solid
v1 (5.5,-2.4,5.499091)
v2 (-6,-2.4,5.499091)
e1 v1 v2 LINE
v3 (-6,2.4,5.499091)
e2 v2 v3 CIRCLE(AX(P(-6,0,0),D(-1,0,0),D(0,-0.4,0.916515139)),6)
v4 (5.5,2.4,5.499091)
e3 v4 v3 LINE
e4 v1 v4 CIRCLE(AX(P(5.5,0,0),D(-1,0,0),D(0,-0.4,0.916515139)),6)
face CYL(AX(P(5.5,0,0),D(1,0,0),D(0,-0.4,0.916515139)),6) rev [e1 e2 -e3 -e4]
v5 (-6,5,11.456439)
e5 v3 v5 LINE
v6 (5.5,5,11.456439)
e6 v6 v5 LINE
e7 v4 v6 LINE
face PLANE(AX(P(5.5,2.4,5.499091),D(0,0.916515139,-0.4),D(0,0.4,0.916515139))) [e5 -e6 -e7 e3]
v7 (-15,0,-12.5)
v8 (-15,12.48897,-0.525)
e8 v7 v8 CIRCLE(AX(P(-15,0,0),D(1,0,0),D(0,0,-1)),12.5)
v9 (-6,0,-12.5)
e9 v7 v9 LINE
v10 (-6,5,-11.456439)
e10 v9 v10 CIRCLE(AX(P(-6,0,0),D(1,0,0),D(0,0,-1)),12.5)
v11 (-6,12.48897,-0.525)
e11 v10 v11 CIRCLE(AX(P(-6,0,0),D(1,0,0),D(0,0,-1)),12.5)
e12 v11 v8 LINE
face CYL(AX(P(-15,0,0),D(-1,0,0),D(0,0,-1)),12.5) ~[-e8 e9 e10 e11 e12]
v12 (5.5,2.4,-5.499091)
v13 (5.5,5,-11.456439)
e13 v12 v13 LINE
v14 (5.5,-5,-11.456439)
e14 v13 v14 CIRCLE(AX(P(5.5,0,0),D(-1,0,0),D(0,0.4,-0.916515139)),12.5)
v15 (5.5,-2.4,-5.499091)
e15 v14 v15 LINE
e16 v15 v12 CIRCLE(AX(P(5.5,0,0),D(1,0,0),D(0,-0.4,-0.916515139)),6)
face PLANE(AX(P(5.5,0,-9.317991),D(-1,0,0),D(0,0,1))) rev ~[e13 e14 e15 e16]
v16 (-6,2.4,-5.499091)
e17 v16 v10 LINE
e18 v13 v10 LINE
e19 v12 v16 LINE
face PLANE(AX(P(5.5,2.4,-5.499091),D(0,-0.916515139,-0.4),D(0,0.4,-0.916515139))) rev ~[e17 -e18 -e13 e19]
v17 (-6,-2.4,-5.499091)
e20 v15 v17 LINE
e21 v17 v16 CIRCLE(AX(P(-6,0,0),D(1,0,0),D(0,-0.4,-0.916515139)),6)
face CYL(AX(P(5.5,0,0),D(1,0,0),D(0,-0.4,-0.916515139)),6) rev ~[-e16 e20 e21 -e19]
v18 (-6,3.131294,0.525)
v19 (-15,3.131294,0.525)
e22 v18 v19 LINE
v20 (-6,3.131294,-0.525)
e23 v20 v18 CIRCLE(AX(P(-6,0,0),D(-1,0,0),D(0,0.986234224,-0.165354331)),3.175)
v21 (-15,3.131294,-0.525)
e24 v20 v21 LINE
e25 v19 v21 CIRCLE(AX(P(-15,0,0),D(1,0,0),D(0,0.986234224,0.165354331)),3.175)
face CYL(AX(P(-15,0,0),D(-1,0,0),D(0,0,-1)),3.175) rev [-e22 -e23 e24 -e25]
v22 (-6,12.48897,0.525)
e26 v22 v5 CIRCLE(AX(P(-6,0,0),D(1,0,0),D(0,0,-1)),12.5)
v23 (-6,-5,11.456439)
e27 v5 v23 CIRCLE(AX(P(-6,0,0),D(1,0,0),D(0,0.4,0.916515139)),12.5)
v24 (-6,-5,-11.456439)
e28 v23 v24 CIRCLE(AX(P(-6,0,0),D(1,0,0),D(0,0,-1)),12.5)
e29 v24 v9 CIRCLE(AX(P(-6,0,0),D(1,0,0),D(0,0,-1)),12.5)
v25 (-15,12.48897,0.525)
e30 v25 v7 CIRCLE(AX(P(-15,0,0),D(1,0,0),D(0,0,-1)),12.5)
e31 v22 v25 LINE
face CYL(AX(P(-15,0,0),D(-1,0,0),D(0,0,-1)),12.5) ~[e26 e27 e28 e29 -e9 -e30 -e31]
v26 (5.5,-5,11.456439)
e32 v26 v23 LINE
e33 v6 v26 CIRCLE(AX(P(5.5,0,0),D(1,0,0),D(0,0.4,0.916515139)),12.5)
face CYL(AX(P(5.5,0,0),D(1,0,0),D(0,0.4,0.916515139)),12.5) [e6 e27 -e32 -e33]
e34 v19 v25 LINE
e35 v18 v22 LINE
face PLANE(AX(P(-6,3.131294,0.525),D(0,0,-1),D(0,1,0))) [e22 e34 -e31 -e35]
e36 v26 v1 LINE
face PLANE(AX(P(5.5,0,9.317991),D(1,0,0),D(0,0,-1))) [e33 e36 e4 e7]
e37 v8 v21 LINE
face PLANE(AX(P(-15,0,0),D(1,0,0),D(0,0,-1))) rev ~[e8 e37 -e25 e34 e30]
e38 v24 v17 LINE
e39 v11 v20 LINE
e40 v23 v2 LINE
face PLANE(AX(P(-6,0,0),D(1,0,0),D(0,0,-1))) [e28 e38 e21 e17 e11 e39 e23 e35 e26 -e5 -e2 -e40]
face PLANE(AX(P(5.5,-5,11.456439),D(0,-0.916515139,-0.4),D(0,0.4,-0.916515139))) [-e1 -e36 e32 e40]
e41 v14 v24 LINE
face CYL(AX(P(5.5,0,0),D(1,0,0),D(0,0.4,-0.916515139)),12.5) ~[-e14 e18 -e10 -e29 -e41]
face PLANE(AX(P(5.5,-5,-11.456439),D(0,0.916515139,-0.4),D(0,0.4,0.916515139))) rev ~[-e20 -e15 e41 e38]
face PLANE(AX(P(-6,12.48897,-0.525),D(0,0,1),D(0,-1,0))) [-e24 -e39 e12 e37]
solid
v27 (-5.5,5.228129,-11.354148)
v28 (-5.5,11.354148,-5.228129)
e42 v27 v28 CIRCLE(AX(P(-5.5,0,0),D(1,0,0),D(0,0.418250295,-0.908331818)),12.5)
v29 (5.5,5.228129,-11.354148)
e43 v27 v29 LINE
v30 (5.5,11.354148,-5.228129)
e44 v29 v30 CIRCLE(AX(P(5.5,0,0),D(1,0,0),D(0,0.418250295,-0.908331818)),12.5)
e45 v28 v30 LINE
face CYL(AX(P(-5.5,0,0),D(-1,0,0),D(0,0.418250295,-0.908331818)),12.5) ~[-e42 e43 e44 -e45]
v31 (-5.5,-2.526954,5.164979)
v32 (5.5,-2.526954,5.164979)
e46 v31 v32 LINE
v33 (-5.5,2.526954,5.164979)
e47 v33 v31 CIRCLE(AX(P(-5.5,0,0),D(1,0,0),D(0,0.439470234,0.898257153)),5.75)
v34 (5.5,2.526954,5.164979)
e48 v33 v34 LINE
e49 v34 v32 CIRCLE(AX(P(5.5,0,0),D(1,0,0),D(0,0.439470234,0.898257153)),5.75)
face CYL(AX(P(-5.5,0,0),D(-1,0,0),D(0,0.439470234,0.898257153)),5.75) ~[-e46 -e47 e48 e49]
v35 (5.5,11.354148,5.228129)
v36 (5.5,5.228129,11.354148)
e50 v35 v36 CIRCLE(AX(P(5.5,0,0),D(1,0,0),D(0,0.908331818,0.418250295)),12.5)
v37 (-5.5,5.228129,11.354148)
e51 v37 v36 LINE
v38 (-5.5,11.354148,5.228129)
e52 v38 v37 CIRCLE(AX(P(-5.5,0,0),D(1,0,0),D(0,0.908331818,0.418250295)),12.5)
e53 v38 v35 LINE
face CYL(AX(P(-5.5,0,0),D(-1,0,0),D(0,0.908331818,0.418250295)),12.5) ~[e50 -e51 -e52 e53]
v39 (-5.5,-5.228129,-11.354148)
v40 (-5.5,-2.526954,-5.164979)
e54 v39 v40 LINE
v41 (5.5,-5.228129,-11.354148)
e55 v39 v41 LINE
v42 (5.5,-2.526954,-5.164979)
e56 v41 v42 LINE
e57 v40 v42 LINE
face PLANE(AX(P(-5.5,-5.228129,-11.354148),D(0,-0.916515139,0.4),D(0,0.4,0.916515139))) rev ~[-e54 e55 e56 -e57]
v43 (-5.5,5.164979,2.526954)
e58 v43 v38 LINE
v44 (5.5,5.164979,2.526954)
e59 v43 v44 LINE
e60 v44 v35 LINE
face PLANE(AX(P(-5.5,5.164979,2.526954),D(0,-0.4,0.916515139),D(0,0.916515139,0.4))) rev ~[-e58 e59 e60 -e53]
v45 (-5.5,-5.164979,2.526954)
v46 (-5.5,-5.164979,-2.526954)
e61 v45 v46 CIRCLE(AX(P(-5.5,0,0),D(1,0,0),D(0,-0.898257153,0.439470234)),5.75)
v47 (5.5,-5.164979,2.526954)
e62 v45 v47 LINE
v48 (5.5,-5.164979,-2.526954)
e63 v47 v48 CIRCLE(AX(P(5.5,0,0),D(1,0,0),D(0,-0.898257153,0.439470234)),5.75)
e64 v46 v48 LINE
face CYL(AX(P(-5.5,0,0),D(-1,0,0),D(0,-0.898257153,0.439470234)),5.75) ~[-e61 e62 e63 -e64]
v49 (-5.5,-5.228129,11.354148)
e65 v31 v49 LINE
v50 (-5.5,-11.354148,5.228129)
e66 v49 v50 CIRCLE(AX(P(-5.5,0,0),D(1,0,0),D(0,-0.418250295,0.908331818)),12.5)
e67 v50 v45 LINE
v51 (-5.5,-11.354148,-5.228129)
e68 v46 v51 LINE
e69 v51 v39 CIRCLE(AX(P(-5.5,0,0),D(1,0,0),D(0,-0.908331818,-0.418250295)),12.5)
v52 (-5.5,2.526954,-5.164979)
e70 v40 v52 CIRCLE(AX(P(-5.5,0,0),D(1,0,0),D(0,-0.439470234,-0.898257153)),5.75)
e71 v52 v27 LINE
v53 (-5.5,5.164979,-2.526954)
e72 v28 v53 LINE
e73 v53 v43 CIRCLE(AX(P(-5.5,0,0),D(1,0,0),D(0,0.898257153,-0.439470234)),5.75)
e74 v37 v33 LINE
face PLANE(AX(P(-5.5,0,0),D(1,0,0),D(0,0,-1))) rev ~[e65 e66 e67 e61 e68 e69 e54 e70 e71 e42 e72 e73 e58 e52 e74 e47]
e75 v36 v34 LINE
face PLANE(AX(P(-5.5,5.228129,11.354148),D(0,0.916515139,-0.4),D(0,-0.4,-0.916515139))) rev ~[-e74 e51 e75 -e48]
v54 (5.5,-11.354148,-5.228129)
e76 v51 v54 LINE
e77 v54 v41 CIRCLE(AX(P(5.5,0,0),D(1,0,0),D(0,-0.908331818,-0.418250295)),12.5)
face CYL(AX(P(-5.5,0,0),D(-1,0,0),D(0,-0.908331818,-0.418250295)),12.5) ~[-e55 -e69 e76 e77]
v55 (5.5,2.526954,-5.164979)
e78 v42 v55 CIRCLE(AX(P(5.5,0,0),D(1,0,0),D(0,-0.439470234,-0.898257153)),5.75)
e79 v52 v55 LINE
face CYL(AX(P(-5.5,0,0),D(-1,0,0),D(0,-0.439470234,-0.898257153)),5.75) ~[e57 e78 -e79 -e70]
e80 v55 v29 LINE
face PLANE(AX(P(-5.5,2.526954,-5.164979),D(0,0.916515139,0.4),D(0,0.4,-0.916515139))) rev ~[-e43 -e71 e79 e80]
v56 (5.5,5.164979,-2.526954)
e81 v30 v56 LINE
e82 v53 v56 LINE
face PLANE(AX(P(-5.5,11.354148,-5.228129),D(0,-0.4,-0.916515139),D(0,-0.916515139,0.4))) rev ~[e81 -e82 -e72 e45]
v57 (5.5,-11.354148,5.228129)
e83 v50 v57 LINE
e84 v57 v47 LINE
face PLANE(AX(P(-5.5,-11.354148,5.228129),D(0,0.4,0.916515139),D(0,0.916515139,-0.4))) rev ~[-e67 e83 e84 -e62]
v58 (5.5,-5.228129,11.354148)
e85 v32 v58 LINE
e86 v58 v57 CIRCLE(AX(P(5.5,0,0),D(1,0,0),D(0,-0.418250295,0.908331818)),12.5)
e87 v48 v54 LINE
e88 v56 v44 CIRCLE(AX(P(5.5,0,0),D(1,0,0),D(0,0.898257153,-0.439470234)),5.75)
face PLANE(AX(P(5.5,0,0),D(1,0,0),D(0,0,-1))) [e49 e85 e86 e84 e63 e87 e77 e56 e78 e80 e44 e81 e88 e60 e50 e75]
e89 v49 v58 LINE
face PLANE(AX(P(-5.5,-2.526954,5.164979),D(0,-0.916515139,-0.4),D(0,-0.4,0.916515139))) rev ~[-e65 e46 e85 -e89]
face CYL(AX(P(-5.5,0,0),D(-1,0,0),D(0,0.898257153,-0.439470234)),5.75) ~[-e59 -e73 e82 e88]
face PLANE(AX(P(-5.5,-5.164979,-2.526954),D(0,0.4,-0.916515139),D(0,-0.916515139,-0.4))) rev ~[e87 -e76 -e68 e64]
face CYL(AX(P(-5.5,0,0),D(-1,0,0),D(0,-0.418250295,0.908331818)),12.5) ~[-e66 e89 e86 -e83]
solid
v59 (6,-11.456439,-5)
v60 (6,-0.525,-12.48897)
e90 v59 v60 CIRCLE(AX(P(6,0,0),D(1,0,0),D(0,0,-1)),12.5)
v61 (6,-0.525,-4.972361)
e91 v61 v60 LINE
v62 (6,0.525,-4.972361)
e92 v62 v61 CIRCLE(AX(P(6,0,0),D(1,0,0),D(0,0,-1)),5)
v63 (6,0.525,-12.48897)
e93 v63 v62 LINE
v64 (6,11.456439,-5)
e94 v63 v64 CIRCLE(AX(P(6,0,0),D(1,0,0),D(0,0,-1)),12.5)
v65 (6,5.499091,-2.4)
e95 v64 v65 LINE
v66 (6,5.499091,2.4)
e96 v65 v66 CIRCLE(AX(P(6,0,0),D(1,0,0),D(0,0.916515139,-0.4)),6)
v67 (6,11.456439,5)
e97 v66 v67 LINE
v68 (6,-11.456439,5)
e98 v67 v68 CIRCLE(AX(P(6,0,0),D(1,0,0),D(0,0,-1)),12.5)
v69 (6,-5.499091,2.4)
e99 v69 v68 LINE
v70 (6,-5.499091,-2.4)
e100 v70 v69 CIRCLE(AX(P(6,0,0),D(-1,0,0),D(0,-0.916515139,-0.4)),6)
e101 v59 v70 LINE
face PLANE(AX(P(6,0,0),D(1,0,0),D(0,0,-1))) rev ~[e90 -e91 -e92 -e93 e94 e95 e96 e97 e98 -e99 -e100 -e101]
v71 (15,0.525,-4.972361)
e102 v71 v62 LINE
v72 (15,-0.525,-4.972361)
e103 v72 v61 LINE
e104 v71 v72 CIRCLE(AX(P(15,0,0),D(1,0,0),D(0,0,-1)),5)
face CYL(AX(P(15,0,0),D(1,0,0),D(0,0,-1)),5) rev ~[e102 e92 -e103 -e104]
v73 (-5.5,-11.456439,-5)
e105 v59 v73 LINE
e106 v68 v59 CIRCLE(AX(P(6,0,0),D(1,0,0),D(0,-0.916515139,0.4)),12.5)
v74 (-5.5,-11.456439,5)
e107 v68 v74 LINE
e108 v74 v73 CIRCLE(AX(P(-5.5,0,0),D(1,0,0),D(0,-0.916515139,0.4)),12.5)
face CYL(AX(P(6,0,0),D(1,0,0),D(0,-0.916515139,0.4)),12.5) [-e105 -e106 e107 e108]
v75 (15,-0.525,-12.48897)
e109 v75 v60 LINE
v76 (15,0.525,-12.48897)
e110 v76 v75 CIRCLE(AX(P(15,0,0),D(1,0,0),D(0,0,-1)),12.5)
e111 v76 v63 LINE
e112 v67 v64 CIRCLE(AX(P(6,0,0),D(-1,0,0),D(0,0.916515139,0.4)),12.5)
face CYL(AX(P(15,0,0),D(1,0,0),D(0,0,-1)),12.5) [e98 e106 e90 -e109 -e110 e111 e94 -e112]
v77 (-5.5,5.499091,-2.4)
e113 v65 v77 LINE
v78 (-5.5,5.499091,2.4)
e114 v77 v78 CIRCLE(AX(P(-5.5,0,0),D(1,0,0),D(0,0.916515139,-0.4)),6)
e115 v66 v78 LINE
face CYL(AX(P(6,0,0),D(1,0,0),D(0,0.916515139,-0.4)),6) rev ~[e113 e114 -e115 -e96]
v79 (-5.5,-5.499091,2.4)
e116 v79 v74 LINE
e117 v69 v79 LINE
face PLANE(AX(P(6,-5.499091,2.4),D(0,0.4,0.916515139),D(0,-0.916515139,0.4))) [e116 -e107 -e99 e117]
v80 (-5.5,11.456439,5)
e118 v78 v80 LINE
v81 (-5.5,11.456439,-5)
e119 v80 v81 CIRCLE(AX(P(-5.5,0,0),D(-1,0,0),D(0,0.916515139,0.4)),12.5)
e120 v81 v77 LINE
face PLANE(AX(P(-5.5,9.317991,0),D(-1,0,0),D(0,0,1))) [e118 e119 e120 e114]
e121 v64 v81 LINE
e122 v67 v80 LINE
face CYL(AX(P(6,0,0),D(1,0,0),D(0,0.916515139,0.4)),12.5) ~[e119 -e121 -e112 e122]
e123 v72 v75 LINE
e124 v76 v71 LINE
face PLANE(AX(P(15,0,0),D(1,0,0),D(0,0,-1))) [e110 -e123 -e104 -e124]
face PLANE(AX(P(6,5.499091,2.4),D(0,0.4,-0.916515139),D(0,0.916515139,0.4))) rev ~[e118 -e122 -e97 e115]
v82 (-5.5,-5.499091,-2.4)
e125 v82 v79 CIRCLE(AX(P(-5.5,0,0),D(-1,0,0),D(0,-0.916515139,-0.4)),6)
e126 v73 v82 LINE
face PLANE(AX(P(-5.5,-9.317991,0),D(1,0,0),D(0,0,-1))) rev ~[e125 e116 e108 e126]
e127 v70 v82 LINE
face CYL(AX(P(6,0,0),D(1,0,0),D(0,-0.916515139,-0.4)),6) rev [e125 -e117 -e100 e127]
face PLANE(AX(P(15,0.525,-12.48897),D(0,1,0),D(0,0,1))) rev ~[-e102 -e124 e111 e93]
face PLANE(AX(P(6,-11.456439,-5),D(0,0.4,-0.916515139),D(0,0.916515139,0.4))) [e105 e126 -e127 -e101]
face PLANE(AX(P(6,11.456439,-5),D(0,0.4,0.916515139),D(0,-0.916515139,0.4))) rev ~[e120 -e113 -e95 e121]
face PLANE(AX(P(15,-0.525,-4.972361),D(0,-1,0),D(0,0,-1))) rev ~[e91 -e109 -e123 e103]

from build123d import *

# Parameters (mm, degrees)
SKETCH1_R           = 12.5
SKETCH1_R_2         = 5
BOSS_EXTRUDE1_DEPTH = 9
BOSS_EXTRUDE3_DEPTH = 11.5
CUT_EXTRUDE1_DEPTH  = 28.069355367
SKETCH5_R           = 12.5
SKETCH5_R_2         = 3.175
BOSS_EXTRUDE5_DEPTH = 9
CUT_EXTRUDE2_START  = -9
CUT_EXTRUDE2_DEPTH  = 9
BOSS_EXTRUDE6_START = 11.5
BOSS_EXTRUDE6_DEPTH = 11.5
BOSS_EXTRUDE7_DEPTH = 11


with BuildPart() as part:
    # Sketch1 → Boss-Extrude1 (new body)
    with BuildSketch(Plane(origin=(15, 0, 0), x_dir=(0, 0, -1), z_dir=(1, 0, 0))):
        Circle(SKETCH1_R)
        Circle(SKETCH1_R_2, mode=Mode.SUBTRACT)
    extrude(amount=-BOSS_EXTRUDE1_DEPTH)

    # Sketch3 → Boss-Extrude3 (add)
    with BuildSketch(Plane.ZY.offset(-6)):
        with BuildLine():
            Line((2.4, 5.499090834), (5, 11.456439237))
            ThreePointArc((5, 11.456439237), (0, 12.5), (-5, 11.456439237))
            Line((-5, 11.456439237), (-2.4, 5.499090834))
            ThreePointArc((-2.4, 5.499090834), (0, 6), (2.4, 5.499090834))
        make_face()
        with BuildLine():
            Line((2.4, -5.499090834), (5, -11.456439237))
            ThreePointArc((5, -11.456439237), (0, -12.5), (-5, -11.456439237))
            Line((-5, -11.456439237), (-2.4, -5.499090834))
            ThreePointArc((-2.4, -5.499090834), (0, -6), (2.4, -5.499090834))
        make_face()
    extrude(amount=BOSS_EXTRUDE3_DEPTH)

    # Sketch4 → Cut-Extrude1 (cut, through all)
    with BuildSketch(Plane(origin=(15, 0, 0), x_dir=(0, 0, -1), z_dir=(1, 0, 0))):
        with BuildLine():
            Line((4.972361109, -0.525), (12.488970134, -0.525))
            ThreePointArc((12.488970134, -0.525), (12.5, 0), (12.488970134, 0.525))
            Line((12.488970134, 0.525), (4.972361109, 0.525))
            ThreePointArc((4.972361109, 0.525), (5, 0), (4.972361109, -0.525))
        make_face()
    extrude(amount=-CUT_EXTRUDE1_DEPTH, mode=Mode.SUBTRACT)


with BuildPart() as body_2:
    # Sketch5 → Boss-Extrude5 (new body)
    with BuildSketch(Plane(origin=(-15, 0, 0), x_dir=(0, 0, -1), z_dir=(1, 0, 0))):
        Circle(SKETCH5_R)
        Circle(SKETCH5_R_2, mode=Mode.SUBTRACT)
    extrude(amount=BOSS_EXTRUDE5_DEPTH)

    # Sketch6 → Cut-Extrude2 (cut)
    with BuildSketch(Plane.ZY.offset(15).offset(CUT_EXTRUDE2_START)):
        with BuildLine():
            Line((0.525, 3.131293662), (0.525, 12.488970134))
            ThreePointArc((0.525, 12.488970134), (0, 12.5), (-0.525, 12.488970134))
            Line((-0.525, 12.488970134), (-0.525, 3.131293662))
            ThreePointArc((-0.525, 3.131293662), (0, 3.175), (0.525, 3.131293662))
        make_face()
    extrude(amount=CUT_EXTRUDE2_DEPTH, mode=Mode.SUBTRACT)

    # Sketch7 → Boss-Extrude6 (add)
    with BuildSketch(Plane(origin=(-6, 0, 0), x_dir=(0, 0, -1), z_dir=(1, 0, 0)).offset(BOSS_EXTRUDE6_START)):
        with BuildLine():
            Line((5.499090834, 2.4), (11.456439237, 5))
            ThreePointArc((11.456439237, 5), (12.5, 0), (11.456439237, -5))
            Line((11.456439237, -5), (5.499090834, -2.4))
            ThreePointArc((5.499090834, -2.4), (6, 0), (5.499090834, 2.4))
        make_face()
        with BuildLine():
            Line((-5.499090834, 2.4), (-11.456439237, 5))
            ThreePointArc((-11.456439237, 5), (-12.5, 0), (-11.456439237, -5))
            Line((-11.456439237, -5), (-5.499090834, -2.4))
            ThreePointArc((-5.499090834, -2.4), (-6, 0), (-5.499090834, 2.4))
        make_face()
    extrude(amount=-BOSS_EXTRUDE6_DEPTH)


with BuildPart() as body_3:
    # Sketch8 → Boss-Extrude7 (new body)
    with BuildSketch(Plane.ZY.offset(5.5)):
        with BuildLine():
            Line((5.228128685, -11.35414772), (2.526953843, -5.164978632))
            ThreePointArc((2.526953843, -5.164978632), (0, -5.75), (-2.526953843, -5.164978632))
            Line((-2.526953843, -5.164978632), (-5.228128685, -11.35414772))
            ThreePointArc((-5.228128685, -11.35414772), (-8.838834765, -8.838834765), (-11.35414772, -5.228128685))
            Line((-11.35414772, -5.228128685), (-5.164978632, -2.526953843))
            ThreePointArc((-5.164978632, -2.526953843), (-5.75, 0), (-5.164978632, 2.526953843))
            Line((-5.164978632, 2.526953843), (-11.35414772, 5.228128685))
            ThreePointArc((-11.35414772, 5.228128685), (-8.838834765, 8.838834765), (-5.228128685, 11.35414772))
            Line((-5.228128685, 11.35414772), (-2.526953843, 5.164978632))
            ThreePointArc((-2.526953843, 5.164978632), (0, 5.75), (2.526953843, 5.164978632))
            Line((2.526953843, 5.164978632), (5.228128685, 11.35414772))
            ThreePointArc((5.228128685, 11.35414772), (8.838834765, 8.838834765), (11.35414772, 5.228128685))
            Line((11.35414772, 5.228128685), (5.164978632, 2.526953843))
            ThreePointArc((5.164978632, 2.526953843), (5.75, 0), (5.164978632, -2.526953843))
            Line((5.164978632, -2.526953843), (11.35414772, -5.228128685))
            ThreePointArc((11.35414772, -5.228128685), (8.838834765, -8.838834765), (5.228128685, -11.35414772))
        make_face()
    extrude(amount=-BOSS_EXTRUDE7_DEPTH)


solid = Compound([part.part, body_2.part, body_3.part])
